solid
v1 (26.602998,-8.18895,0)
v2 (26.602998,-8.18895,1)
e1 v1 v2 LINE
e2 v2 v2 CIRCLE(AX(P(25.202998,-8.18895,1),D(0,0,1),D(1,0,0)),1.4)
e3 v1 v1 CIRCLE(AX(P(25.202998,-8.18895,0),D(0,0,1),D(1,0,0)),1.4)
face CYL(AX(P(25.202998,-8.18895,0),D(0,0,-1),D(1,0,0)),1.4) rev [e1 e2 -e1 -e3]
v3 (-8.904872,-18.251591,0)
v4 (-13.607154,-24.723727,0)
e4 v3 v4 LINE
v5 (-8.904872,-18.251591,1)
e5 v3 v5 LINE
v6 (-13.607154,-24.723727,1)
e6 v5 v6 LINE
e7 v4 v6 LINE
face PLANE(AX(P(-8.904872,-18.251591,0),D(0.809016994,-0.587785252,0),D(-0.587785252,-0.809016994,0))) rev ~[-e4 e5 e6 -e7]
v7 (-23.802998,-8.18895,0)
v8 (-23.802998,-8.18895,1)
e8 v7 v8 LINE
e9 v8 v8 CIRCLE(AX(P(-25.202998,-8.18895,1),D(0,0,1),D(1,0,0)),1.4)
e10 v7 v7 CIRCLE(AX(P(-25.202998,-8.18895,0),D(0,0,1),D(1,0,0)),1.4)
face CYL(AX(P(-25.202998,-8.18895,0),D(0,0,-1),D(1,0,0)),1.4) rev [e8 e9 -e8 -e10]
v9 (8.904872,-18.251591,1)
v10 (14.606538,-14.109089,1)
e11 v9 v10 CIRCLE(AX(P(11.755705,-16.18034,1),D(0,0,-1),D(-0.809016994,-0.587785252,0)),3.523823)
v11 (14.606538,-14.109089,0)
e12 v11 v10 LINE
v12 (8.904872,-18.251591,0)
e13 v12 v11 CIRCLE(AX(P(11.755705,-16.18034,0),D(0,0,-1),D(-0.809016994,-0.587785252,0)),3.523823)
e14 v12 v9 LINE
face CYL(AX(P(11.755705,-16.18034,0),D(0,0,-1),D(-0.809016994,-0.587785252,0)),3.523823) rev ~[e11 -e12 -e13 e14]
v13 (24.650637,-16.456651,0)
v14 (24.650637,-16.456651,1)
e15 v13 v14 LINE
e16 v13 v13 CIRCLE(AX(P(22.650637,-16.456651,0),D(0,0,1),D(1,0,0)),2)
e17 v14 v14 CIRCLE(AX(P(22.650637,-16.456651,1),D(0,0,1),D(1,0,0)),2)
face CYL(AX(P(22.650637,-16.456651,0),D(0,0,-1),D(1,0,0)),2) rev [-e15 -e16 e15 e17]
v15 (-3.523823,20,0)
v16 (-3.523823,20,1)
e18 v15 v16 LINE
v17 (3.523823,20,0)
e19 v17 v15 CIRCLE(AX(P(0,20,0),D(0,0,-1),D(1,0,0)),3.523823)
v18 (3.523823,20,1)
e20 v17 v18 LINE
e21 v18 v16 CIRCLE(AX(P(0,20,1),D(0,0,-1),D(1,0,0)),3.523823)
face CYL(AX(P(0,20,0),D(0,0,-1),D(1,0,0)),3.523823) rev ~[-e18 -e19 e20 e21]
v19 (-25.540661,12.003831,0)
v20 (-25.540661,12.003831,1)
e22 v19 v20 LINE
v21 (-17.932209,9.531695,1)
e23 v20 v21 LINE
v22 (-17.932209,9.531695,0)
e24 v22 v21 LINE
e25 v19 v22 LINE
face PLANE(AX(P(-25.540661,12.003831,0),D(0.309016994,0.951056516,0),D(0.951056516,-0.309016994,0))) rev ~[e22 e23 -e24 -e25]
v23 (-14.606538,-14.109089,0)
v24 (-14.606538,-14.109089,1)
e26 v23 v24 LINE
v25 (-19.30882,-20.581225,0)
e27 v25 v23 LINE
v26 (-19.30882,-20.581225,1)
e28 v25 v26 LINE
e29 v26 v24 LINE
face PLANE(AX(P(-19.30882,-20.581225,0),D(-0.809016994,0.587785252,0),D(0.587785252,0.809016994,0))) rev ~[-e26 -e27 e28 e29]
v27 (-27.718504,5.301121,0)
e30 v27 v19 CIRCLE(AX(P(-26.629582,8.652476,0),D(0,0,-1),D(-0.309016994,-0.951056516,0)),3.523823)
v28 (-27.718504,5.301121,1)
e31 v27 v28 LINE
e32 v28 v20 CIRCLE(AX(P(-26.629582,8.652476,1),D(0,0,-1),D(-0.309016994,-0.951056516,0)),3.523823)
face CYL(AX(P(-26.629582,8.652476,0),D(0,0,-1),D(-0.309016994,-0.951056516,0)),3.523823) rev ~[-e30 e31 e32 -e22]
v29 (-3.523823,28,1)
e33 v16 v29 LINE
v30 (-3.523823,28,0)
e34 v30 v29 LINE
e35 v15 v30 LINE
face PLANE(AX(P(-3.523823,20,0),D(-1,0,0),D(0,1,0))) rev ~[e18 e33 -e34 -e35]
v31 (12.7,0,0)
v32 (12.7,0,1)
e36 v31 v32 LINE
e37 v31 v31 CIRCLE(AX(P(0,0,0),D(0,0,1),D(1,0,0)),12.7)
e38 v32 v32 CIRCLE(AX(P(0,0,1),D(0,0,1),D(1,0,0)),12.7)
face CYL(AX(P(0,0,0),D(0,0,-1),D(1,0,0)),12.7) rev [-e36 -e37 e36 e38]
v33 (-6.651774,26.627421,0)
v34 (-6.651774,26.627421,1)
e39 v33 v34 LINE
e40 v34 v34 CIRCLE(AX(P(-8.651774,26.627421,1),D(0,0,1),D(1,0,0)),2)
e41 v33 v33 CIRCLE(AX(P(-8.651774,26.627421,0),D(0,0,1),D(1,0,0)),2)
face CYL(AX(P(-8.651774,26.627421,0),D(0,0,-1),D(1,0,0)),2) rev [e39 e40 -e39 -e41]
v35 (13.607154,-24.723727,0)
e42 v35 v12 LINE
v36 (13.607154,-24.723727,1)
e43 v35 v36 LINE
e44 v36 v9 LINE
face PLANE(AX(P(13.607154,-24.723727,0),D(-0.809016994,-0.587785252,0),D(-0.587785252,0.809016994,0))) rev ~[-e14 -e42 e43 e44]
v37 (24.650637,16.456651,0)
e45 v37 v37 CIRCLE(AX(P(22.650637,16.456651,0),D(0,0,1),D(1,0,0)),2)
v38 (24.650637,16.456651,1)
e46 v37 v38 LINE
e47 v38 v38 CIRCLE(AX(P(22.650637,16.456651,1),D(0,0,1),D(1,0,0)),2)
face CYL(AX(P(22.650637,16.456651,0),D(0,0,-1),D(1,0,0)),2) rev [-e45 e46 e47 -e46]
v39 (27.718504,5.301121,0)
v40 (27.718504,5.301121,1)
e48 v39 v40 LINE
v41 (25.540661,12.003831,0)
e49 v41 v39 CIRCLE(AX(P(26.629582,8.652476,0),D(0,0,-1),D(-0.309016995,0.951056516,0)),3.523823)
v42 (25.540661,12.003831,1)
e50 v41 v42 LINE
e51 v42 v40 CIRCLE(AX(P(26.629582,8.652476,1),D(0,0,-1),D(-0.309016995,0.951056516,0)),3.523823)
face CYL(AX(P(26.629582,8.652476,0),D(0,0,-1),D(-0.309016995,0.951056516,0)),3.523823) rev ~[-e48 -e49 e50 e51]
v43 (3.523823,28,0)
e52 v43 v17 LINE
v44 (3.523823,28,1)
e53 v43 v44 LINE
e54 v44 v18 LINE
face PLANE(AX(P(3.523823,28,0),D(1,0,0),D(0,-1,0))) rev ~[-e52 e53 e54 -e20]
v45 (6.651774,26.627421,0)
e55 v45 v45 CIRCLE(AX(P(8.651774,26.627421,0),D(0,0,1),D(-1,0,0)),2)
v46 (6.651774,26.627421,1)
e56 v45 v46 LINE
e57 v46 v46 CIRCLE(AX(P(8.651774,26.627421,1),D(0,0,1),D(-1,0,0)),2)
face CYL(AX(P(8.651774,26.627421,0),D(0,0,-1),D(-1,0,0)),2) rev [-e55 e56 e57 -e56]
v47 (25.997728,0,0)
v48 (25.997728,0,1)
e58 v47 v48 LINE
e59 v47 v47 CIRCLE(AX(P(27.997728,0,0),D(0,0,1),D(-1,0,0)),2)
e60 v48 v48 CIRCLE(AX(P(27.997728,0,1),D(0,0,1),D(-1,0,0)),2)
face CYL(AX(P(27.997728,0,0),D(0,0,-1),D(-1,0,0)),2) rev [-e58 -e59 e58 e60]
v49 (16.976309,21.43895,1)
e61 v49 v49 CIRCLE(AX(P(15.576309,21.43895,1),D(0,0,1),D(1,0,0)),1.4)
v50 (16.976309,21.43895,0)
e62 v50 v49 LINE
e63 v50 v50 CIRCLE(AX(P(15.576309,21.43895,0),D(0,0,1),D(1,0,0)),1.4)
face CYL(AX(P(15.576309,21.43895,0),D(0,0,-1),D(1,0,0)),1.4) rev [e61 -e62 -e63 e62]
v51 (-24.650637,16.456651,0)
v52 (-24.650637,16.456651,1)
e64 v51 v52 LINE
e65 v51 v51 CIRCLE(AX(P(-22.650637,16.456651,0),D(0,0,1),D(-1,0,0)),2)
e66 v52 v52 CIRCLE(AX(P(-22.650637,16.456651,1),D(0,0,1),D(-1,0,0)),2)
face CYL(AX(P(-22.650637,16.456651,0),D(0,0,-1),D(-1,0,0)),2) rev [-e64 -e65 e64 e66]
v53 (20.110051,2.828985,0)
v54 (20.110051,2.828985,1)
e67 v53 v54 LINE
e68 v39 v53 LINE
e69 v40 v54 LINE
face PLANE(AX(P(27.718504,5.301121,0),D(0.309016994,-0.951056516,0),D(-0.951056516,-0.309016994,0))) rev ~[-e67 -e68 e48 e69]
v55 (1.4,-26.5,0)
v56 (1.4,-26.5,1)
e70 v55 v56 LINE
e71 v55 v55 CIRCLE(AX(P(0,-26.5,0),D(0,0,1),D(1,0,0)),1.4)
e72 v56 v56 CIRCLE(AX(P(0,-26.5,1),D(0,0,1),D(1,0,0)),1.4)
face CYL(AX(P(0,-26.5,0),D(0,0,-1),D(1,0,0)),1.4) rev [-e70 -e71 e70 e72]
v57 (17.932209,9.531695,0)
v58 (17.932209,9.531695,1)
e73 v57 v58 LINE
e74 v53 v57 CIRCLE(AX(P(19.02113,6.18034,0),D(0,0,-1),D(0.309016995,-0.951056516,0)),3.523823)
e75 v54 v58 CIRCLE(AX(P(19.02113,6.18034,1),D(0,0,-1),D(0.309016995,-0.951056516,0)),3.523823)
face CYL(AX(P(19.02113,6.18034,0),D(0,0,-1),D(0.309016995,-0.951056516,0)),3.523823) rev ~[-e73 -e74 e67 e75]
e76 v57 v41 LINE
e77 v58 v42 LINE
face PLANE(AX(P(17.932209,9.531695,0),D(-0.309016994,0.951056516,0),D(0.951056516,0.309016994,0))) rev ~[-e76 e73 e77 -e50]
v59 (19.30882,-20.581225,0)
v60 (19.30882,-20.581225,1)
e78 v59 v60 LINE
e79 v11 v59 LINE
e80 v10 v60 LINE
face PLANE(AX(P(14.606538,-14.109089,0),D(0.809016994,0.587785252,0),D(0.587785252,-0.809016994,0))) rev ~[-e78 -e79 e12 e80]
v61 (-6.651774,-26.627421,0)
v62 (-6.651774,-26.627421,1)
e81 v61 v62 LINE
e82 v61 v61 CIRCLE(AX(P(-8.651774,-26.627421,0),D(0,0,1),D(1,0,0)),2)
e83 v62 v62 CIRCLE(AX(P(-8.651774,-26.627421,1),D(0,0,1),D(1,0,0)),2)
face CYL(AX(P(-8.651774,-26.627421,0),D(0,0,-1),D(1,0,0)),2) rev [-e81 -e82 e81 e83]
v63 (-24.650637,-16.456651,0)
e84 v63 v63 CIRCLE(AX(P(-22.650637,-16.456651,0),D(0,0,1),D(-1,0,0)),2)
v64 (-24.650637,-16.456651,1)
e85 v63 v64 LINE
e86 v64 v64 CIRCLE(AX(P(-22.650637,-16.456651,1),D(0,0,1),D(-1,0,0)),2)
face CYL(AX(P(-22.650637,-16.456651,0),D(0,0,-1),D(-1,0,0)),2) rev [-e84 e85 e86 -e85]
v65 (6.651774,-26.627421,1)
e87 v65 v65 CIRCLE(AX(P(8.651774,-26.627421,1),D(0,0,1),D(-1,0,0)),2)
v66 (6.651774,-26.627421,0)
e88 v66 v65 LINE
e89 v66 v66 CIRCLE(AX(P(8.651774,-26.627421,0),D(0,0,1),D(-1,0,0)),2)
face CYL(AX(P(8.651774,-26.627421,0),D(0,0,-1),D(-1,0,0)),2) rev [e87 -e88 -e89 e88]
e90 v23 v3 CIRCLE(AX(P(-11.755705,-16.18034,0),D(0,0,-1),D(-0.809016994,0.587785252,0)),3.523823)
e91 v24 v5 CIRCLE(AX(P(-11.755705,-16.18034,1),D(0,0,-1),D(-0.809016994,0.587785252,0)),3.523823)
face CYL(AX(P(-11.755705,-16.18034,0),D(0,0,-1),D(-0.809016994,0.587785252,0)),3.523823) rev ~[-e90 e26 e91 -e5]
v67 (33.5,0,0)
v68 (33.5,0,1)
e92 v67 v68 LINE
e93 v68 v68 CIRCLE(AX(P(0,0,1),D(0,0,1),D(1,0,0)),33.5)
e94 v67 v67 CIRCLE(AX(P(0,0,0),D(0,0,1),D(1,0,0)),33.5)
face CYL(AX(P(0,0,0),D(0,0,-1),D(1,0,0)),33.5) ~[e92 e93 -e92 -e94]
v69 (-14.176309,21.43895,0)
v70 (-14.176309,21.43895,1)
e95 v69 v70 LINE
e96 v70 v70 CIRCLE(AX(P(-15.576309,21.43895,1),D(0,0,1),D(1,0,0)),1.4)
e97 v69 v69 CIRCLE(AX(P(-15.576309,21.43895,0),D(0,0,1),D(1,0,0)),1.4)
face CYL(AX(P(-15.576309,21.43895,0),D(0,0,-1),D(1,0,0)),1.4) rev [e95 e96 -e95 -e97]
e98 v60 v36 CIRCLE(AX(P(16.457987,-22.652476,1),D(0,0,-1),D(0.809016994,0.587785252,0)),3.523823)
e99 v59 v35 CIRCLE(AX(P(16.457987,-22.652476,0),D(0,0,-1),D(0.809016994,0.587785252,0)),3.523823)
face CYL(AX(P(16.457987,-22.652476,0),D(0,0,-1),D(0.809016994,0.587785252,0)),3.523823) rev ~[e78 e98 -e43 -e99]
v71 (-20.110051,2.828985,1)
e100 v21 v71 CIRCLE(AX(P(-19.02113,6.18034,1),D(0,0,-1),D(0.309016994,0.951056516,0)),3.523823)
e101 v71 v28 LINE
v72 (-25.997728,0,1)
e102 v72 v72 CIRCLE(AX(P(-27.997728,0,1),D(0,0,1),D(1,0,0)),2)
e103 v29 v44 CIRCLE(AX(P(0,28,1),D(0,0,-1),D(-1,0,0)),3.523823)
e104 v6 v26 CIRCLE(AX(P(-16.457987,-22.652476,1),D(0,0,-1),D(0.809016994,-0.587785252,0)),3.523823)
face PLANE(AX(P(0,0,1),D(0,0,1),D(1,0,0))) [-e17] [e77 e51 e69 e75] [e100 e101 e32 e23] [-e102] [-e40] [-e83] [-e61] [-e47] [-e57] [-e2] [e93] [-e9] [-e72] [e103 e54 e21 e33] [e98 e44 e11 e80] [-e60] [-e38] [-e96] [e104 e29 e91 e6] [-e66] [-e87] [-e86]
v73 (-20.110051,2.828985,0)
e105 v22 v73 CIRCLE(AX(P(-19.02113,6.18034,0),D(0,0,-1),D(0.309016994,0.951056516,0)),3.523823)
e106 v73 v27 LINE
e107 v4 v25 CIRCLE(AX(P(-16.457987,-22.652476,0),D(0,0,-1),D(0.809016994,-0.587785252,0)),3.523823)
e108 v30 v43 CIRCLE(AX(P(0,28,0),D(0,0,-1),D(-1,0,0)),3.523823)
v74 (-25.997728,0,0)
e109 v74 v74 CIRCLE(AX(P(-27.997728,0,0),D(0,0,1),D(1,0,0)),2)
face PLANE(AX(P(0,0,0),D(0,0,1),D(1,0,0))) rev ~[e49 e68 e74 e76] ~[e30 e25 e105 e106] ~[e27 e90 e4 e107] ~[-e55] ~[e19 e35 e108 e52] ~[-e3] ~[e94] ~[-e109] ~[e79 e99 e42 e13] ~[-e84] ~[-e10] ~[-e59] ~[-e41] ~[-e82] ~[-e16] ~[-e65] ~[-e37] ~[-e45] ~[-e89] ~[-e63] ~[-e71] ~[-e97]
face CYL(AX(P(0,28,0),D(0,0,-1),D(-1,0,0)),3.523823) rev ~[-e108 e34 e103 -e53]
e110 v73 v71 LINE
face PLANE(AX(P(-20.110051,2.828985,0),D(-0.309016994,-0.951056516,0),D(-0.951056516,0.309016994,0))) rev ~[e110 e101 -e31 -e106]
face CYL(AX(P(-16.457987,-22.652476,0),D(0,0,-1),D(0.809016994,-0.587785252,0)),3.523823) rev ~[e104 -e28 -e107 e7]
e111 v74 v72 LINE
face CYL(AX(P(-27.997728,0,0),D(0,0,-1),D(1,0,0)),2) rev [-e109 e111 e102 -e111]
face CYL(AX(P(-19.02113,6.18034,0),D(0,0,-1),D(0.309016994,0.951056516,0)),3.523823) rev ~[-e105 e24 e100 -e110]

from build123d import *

# Parameters (mm, degrees)
SKETCH_1_R      = 33.5
SKETCH_1_R_2    = 12.7
SKETCH_1_R_3    = 1.4
SKETCH_1_R_4    = 2
EXTRUDE_1_DEPTH = 1


with BuildPart() as part:
    # 草图1 → 凸台-拉伸1 (new body)
    with BuildSketch(Plane.XY):
        Circle(SKETCH_1_R)
        Circle(SKETCH_1_R_2, mode=Mode.SUBTRACT)
        with Locations((0, -26.5)):
            Circle(SKETCH_1_R_3, mode=Mode.SUBTRACT)
        with Locations((-25.202997682, -8.188950351)):
            Circle(SKETCH_1_R_3, mode=Mode.SUBTRACT)
        with Locations((-15.576309186, 21.438950351)):
            Circle(SKETCH_1_R_3, mode=Mode.SUBTRACT)
        with Locations((15.576309186, 21.438950351)):
            Circle(SKETCH_1_R_3, mode=Mode.SUBTRACT)
        with Locations((25.202997682, -8.188950351)):
            Circle(SKETCH_1_R_3, mode=Mode.SUBTRACT)
        with Locations((-8.651773631, -26.627421273)):
            Circle(SKETCH_1_R_4, mode=Mode.SUBTRACT)
        with Locations(Location((8.651773631, -26.627421273, 0), (0, 0, 180))):
            Circle(SKETCH_1_R_4, mode=Mode.SUBTRACT)
        with Locations((-27.997727597, 0)):
            Circle(SKETCH_1_R_4, mode=Mode.SUBTRACT)
        with Locations(Location((-22.65063743, -16.456651379, 0), (0, 0, 180))):
            Circle(SKETCH_1_R_4, mode=Mode.SUBTRACT)
        with Locations((-8.651773631, 26.627421273)):
            Circle(SKETCH_1_R_4, mode=Mode.SUBTRACT)
        with Locations(Location((-22.65063743, 16.456651379, 0), (0, 0, 180))):
            Circle(SKETCH_1_R_4, mode=Mode.SUBTRACT)
        with Locations((22.65063743, 16.456651379)):
            Circle(SKETCH_1_R_4, mode=Mode.SUBTRACT)
        with Locations(Location((8.651773631, 26.627421273, 0), (0, 0, 180))):
            Circle(SKETCH_1_R_4, mode=Mode.SUBTRACT)
        with Locations((22.65063743, -16.456651379)):
            Circle(SKETCH_1_R_4, mode=Mode.SUBTRACT)
        with Locations(Location((27.997727597, 0, 0), (0, 0, 180))):
            Circle(SKETCH_1_R_4, mode=Mode.SUBTRACT)
        with BuildLine():
            Line((-19.308819678, -20.581224709), (-14.606537659, -14.109088754))
            ThreePointArc((-14.606537659, -14.109088754), (-9.684453912, -13.329507274), (-8.904872432, -18.251591021))
            Line((-8.904872432, -18.251591021), (-13.607154451, -24.723726976))
            ThreePointArc((-13.607154451, -24.723726976), (-18.529238198, -25.503308456), (-19.308819678, -20.581224709))
        make_face(mode=Mode.SUBTRACT)
        with BuildLine():
            Line((-25.540661294, 12.003830576), (-17.932209164, 9.531694621))
            ThreePointArc((-17.932209164, 9.531694621), (-15.669775592, 5.091418725), (-20.110051488, 2.828985154))
            Line((-20.110051488, 2.828985154), (-27.718503618, 5.301121109))
            ThreePointArc((-27.718503618, 5.301121109), (-29.98093719, 9.741397005), (-25.540661294, 12.003830576))
        make_face(mode=Mode.SUBTRACT)
        with BuildLine():
            Line((3.523822903, 28), (3.523822903, 20))
            ThreePointArc((3.523822903, 20), (0, 16.476177097), (-3.523822903, 20))
            Line((-3.523822903, 20), (-3.523822903, 28))
            ThreePointArc((-3.523822903, 28), (0, 31.523822903), (3.523822903, 28))
        make_face(mode=Mode.SUBTRACT)
        with BuildLine():
            Line((27.718503618, 5.301121109), (20.110051488, 2.828985154))
            ThreePointArc((20.110051488, 2.828985154), (15.669775592, 5.091418725), (17.932209164, 9.531694621))
            Line((17.932209164, 9.531694621), (25.540661294, 12.003830576))
            ThreePointArc((25.540661294, 12.003830576), (29.98093719, 9.741397005), (27.718503618, 5.301121109))
        make_face(mode=Mode.SUBTRACT)
        with BuildLine():
            Line((13.607154451, -24.723726976), (8.904872432, -18.251591021))
            ThreePointArc((8.904872432, -18.251591021), (9.684453912, -13.329507274), (14.606537659, -14.109088754))
            Line((14.606537659, -14.109088754), (19.308819678, -20.581224709))
            ThreePointArc((19.308819678, -20.581224709), (18.529238198, -25.503308456), (13.607154451, -24.723726976))
        make_face(mode=Mode.SUBTRACT)
    extrude(amount=EXTRUDE_1_DEPTH)


solid = part.part
